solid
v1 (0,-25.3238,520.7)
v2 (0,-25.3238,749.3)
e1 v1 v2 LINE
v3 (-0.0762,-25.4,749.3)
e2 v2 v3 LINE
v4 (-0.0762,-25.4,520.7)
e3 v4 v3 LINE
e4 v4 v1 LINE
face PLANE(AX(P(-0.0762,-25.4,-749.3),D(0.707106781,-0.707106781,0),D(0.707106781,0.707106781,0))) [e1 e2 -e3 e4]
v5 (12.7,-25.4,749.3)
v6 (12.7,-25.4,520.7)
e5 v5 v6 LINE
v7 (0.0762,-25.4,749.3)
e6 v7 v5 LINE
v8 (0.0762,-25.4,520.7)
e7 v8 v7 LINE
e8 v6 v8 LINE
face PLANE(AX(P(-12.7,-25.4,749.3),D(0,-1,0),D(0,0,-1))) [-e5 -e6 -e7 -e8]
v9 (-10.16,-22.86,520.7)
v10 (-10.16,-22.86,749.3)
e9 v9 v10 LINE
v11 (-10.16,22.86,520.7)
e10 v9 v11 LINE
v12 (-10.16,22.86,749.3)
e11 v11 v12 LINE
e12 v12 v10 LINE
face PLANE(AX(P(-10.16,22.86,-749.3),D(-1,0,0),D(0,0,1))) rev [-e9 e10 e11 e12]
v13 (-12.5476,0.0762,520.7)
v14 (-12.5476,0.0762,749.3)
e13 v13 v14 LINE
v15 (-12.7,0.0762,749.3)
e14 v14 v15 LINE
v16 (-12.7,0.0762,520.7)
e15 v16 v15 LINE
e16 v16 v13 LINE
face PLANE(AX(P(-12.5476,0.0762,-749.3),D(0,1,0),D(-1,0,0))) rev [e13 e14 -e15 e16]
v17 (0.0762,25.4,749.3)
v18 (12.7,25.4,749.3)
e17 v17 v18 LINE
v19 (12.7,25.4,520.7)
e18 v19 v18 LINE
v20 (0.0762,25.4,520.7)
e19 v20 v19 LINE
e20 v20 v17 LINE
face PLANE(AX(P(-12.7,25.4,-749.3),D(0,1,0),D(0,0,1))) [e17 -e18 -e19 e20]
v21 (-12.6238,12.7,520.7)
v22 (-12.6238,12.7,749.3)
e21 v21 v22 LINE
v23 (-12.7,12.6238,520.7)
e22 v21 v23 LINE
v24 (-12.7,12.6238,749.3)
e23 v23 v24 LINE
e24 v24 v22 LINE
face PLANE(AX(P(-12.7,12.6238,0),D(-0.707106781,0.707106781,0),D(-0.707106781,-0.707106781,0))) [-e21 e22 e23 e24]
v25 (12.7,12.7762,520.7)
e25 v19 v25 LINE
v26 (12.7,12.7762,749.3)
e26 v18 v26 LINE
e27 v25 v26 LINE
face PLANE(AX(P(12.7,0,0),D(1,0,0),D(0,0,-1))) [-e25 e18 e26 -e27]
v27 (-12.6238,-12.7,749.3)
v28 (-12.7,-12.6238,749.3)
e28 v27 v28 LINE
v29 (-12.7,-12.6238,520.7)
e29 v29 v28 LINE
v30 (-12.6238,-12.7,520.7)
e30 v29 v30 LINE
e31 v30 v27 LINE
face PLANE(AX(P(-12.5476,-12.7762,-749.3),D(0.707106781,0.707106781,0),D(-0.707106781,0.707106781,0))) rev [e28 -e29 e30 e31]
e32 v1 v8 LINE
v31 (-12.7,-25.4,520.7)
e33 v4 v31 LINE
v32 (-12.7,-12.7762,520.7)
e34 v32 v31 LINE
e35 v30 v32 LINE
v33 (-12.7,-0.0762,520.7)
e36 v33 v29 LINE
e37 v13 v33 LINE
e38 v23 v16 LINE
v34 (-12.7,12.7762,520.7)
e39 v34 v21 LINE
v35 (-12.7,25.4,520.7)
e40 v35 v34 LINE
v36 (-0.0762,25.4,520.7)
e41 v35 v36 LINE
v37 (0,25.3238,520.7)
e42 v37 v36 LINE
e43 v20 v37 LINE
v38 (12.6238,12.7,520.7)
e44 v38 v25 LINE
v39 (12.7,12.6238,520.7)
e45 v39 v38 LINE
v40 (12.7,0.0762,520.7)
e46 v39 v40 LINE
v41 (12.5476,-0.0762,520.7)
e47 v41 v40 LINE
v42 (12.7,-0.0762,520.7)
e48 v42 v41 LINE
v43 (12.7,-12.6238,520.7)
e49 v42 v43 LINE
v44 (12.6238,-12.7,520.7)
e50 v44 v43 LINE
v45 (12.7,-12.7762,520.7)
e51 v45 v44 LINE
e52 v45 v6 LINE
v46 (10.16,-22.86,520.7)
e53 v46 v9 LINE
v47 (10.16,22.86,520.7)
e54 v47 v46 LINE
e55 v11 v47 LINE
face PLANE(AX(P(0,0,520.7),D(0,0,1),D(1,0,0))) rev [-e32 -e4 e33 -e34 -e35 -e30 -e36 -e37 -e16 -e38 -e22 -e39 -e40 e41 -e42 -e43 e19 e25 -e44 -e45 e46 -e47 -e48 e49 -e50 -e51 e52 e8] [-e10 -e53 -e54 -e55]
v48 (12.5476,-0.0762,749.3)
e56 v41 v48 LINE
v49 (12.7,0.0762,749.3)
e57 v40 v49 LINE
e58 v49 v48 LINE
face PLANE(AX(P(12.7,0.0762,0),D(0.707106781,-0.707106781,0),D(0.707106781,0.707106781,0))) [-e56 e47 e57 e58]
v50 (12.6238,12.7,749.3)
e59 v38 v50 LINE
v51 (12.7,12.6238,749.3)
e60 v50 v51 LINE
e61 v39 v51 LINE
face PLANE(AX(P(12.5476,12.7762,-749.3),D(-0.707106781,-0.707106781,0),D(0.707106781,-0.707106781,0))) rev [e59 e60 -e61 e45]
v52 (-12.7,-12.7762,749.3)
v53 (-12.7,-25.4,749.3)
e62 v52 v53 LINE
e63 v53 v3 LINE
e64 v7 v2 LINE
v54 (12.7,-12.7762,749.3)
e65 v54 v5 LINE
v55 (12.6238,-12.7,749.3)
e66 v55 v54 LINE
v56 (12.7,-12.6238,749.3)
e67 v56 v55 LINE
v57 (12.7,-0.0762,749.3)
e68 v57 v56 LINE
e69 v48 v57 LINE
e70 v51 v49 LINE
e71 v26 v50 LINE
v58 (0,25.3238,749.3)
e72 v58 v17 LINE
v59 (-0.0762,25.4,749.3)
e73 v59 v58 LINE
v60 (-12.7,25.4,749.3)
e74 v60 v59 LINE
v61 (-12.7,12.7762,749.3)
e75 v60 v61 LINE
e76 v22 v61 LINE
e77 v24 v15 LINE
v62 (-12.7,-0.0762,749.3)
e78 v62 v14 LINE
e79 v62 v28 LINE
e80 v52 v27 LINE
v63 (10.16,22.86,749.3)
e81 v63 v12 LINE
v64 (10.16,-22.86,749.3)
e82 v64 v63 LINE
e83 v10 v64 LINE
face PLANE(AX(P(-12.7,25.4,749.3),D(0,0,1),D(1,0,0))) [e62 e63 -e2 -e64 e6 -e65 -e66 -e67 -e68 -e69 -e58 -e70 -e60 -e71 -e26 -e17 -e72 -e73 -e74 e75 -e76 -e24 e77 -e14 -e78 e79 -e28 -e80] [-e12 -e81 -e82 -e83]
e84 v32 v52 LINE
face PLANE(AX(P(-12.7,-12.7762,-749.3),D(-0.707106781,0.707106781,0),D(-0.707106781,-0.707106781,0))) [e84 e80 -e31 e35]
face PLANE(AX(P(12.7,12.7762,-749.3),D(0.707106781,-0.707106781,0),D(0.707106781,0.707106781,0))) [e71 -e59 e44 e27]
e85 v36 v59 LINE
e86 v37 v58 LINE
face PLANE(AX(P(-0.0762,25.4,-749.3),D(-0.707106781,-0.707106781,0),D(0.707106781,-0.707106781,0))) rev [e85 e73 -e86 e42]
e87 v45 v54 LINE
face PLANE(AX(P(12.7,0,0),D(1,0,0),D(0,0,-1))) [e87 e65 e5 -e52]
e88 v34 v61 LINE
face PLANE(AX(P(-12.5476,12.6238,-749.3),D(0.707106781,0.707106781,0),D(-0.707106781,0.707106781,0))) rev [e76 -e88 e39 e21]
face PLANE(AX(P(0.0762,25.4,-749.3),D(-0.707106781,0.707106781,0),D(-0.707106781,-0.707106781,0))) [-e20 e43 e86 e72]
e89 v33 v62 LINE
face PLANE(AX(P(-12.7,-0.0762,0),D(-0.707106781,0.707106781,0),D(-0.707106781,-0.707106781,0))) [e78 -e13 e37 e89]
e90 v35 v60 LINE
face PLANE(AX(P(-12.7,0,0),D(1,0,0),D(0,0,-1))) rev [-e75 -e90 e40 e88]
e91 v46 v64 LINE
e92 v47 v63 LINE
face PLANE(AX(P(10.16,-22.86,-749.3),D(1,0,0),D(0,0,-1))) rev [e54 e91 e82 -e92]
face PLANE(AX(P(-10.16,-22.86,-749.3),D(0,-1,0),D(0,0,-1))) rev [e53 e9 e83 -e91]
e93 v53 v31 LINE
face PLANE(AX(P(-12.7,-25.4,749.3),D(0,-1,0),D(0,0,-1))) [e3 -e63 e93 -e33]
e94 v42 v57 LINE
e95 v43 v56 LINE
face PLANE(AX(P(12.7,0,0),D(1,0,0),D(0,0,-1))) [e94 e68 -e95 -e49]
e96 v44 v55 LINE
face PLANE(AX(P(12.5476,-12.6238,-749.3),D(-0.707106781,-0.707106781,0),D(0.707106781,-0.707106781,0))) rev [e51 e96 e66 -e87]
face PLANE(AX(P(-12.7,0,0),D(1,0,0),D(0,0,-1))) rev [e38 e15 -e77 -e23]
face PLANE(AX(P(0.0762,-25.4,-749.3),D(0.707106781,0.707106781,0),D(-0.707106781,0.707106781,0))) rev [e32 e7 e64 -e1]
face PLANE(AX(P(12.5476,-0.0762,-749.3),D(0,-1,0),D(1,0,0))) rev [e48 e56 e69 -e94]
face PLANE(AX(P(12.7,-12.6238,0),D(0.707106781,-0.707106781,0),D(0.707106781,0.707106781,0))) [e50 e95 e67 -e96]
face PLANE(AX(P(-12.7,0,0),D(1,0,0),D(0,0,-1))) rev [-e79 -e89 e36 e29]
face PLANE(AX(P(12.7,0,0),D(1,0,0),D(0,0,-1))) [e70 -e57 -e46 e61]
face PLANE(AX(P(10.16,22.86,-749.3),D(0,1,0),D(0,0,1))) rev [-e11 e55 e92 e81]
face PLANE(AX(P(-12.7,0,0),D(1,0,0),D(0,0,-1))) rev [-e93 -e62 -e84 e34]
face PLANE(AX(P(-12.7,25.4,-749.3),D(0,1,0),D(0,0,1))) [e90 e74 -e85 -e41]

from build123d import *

# Parameters (mm, degrees)
SKETCH1_W           = 1498.6
SKETCH1_H           = 50.8
BOSS_EXTRUDE1_DEPTH = 25.4
CUT_EXTRUDE1_DEPTH  = 1498.6
CUT_EXTRUDE2_DEPTH  = 1499.869043646
CUT_EXTRUDE3_DEPTH  = 1498.6
CUT_EXTRUDE4_DEPTH  = 1498.6
CUT_EXTRUDE5_DEPTH  = 1499.869043646
CUT_EXTRUDE6_DEPTH  = 1499.869043646
CUT_EXTRUDE7_DEPTH  = 1498.6
CUT_EXTRUDE8_DEPTH  = 1498.6
SKETCH10_W          = 20.32
SKETCH10_H          = 45.72
CUT_EXTRUDE9_DEPTH  = 1499.869043646
DRAFT1_ANGLE        = 45
DRAFT2_ANGLE        = 45.000000005
DRAFT3_ANGLE        = 45
DRAFT4_ANGLE        = 45
DRAFT5_ANGLE        = 45
DRAFT6_ANGLE        = 44.999999995
SKETCH11_W          = 61.962293059
SKETCH11_H          = 88.678950317
CUT_EXTRUDE10_DEPTH = 1270


with BuildPart() as part:
    # Sketch1 → Boss-Extrude1 (new body)
    with BuildSketch(Plane(origin=(12.7, 0, 0), x_dir=(0, 0, -1), z_dir=(1, 0, 0))):
        Rectangle(SKETCH1_W, SKETCH1_H)
    extrude(amount=-BOSS_EXTRUDE1_DEPTH)

    # Sketch2 → Cut-Extrude1 (cut)
    with BuildSketch(Plane.XY.offset(749.3)):
        Polygon((0.0762, 25.4), (-0.0762, 25.4), (0.0762, 25.2476), align=None)
    extrude(amount=-CUT_EXTRUDE1_DEPTH, mode=Mode.SUBTRACT)

    # Sketch3 → Cut-Extrude2 (cut, through all)
    with BuildSketch(Plane.XY.offset(749.3)):
        Polygon((12.7, 12.6238), (12.7, 12.7762), (12.5476, 12.7762), align=None)
    extrude(amount=-CUT_EXTRUDE2_DEPTH, mode=Mode.SUBTRACT)

    # Sketch4 → Cut-Extrude3 (cut)
    with BuildSketch(Plane.XY.offset(749.3)):
        Polygon((12.7, -0.0762), (12.7, 0.0762), (12.5476, -0.0762), align=None)
    extrude(amount=-CUT_EXTRUDE3_DEPTH, mode=Mode.SUBTRACT)

    # Sketch5 → Cut-Extrude4 (cut)
    with BuildSketch(Plane.XY.offset(749.3)):
        Polygon((12.7, -12.7762), (12.7, -12.6238), (12.5476, -12.6238), align=None)
    extrude(amount=-CUT_EXTRUDE4_DEPTH, mode=Mode.SUBTRACT)

    # Sketch6 → Cut-Extrude5 (cut, through all)
    with BuildSketch(Plane.XY.offset(749.3)):
        Polygon((0.0762, -25.4), (-0.0762, -25.2476), (-0.0762, -25.4), align=None)
    extrude(amount=-CUT_EXTRUDE5_DEPTH, mode=Mode.SUBTRACT)

    # Sketch7 → Cut-Extrude6 (cut, through all)
    with BuildSketch(Plane.XY.offset(749.3)):
        Polygon((-12.7, -12.6238), (-12.7, -12.7762), (-12.5476, -12.7762), align=None)
    extrude(amount=-CUT_EXTRUDE6_DEPTH, mode=Mode.SUBTRACT)

    # Sketch8 → Cut-Extrude7 (cut)
    with BuildSketch(Plane.XY.offset(749.3)):
        Polygon((-12.7, 0.0762), (-12.7, -0.0762), (-12.5476, 0.0762), align=None)
    extrude(amount=-CUT_EXTRUDE7_DEPTH, mode=Mode.SUBTRACT)

    # Sketch9 → Cut-Extrude8 (cut)
    with BuildSketch(Plane.XY.offset(749.3)):
        Polygon((-12.7, 12.7762), (-12.7, 12.6238), (-12.5476, 12.6238), align=None)
    extrude(amount=-CUT_EXTRUDE8_DEPTH, mode=Mode.SUBTRACT)

    # Sketch10 → Cut-Extrude9 (cut, through all)
    with BuildSketch(Plane.XY.offset(749.3)):
        Rectangle(SKETCH10_W, SKETCH10_H)
    extrude(amount=-CUT_EXTRUDE9_DEPTH, mode=Mode.SUBTRACT)

    # Draft1
    draft1_faces = [part.faces().sort_by_distance(p)[0] for p in [
        (0.0762, 25.3238, 0),
    ]]
    draft(draft1_faces, Plane(origin=(-12.7, 25.4, -749.3), x_dir=(0, 0, 1), z_dir=(0, 1, 0)), DRAFT1_ANGLE)

    # Draft2
    draft2_faces = [part.faces().sort_by_distance(p)[0] for p in [
        (12.6238, 12.7762, 0),
    ]]
    draft(draft2_faces, Plane(origin=(12.7, 0, 0), x_dir=(0, 0, 1), z_dir=(1, 0, 0)), DRAFT2_ANGLE)

    # Draft3
    draft3_faces = [part.faces().sort_by_distance(p)[0] for p in [
        (-0.0762, -25.3238, 0),
    ]]
    draft(draft3_faces, Plane(origin=(-12.7, -25.4, 749.3), x_dir=(0, 0, -1), z_dir=(0, -1, 0)), DRAFT3_ANGLE)

    # Draft4
    draft4_faces = [part.faces().sort_by_distance(p)[0] for p in [
        (-12.6238, -12.7762, 0),
    ]]
    draft(draft4_faces, Plane(origin=(-12.7, 0, 0), x_dir=(0, 0, -1), z_dir=(-1, 0, 0)), DRAFT4_ANGLE)

    # Draft5
    draft5_faces = [part.faces().sort_by_distance(p)[0] for p in [
        (12.6238, -12.6238, 0),
        (12.6238, 0, 0),
    ]]
    draft(draft5_faces, Plane(origin=(12.7, 0, 0), x_dir=(0, 0, 1), z_dir=(1, 0, 0)), DRAFT5_ANGLE)

    # Draft6
    draft6_faces = [part.faces().sort_by_distance(p)[0] for p in [
        (-12.6238, 0, 0),
        (-12.6238, 12.6238, 0),
    ]]
    draft(draft6_faces, Plane(origin=(-12.7, 0, 0), x_dir=(0, 0, -1), z_dir=(-1, 0, 0)), DRAFT6_ANGLE)

    # Sketch11 → Cut-Extrude10 (cut)
    with BuildSketch(Plane(origin=(0, 0, -749.3), x_dir=(-1, 0, 0), z_dir=(0, 0, -1))):
        with Locations((-2.92473676, 0.325700182)):
            Rectangle(SKETCH11_W, SKETCH11_H)
    extrude(amount=-CUT_EXTRUDE10_DEPTH, mode=Mode.SUBTRACT)


solid = part.part
